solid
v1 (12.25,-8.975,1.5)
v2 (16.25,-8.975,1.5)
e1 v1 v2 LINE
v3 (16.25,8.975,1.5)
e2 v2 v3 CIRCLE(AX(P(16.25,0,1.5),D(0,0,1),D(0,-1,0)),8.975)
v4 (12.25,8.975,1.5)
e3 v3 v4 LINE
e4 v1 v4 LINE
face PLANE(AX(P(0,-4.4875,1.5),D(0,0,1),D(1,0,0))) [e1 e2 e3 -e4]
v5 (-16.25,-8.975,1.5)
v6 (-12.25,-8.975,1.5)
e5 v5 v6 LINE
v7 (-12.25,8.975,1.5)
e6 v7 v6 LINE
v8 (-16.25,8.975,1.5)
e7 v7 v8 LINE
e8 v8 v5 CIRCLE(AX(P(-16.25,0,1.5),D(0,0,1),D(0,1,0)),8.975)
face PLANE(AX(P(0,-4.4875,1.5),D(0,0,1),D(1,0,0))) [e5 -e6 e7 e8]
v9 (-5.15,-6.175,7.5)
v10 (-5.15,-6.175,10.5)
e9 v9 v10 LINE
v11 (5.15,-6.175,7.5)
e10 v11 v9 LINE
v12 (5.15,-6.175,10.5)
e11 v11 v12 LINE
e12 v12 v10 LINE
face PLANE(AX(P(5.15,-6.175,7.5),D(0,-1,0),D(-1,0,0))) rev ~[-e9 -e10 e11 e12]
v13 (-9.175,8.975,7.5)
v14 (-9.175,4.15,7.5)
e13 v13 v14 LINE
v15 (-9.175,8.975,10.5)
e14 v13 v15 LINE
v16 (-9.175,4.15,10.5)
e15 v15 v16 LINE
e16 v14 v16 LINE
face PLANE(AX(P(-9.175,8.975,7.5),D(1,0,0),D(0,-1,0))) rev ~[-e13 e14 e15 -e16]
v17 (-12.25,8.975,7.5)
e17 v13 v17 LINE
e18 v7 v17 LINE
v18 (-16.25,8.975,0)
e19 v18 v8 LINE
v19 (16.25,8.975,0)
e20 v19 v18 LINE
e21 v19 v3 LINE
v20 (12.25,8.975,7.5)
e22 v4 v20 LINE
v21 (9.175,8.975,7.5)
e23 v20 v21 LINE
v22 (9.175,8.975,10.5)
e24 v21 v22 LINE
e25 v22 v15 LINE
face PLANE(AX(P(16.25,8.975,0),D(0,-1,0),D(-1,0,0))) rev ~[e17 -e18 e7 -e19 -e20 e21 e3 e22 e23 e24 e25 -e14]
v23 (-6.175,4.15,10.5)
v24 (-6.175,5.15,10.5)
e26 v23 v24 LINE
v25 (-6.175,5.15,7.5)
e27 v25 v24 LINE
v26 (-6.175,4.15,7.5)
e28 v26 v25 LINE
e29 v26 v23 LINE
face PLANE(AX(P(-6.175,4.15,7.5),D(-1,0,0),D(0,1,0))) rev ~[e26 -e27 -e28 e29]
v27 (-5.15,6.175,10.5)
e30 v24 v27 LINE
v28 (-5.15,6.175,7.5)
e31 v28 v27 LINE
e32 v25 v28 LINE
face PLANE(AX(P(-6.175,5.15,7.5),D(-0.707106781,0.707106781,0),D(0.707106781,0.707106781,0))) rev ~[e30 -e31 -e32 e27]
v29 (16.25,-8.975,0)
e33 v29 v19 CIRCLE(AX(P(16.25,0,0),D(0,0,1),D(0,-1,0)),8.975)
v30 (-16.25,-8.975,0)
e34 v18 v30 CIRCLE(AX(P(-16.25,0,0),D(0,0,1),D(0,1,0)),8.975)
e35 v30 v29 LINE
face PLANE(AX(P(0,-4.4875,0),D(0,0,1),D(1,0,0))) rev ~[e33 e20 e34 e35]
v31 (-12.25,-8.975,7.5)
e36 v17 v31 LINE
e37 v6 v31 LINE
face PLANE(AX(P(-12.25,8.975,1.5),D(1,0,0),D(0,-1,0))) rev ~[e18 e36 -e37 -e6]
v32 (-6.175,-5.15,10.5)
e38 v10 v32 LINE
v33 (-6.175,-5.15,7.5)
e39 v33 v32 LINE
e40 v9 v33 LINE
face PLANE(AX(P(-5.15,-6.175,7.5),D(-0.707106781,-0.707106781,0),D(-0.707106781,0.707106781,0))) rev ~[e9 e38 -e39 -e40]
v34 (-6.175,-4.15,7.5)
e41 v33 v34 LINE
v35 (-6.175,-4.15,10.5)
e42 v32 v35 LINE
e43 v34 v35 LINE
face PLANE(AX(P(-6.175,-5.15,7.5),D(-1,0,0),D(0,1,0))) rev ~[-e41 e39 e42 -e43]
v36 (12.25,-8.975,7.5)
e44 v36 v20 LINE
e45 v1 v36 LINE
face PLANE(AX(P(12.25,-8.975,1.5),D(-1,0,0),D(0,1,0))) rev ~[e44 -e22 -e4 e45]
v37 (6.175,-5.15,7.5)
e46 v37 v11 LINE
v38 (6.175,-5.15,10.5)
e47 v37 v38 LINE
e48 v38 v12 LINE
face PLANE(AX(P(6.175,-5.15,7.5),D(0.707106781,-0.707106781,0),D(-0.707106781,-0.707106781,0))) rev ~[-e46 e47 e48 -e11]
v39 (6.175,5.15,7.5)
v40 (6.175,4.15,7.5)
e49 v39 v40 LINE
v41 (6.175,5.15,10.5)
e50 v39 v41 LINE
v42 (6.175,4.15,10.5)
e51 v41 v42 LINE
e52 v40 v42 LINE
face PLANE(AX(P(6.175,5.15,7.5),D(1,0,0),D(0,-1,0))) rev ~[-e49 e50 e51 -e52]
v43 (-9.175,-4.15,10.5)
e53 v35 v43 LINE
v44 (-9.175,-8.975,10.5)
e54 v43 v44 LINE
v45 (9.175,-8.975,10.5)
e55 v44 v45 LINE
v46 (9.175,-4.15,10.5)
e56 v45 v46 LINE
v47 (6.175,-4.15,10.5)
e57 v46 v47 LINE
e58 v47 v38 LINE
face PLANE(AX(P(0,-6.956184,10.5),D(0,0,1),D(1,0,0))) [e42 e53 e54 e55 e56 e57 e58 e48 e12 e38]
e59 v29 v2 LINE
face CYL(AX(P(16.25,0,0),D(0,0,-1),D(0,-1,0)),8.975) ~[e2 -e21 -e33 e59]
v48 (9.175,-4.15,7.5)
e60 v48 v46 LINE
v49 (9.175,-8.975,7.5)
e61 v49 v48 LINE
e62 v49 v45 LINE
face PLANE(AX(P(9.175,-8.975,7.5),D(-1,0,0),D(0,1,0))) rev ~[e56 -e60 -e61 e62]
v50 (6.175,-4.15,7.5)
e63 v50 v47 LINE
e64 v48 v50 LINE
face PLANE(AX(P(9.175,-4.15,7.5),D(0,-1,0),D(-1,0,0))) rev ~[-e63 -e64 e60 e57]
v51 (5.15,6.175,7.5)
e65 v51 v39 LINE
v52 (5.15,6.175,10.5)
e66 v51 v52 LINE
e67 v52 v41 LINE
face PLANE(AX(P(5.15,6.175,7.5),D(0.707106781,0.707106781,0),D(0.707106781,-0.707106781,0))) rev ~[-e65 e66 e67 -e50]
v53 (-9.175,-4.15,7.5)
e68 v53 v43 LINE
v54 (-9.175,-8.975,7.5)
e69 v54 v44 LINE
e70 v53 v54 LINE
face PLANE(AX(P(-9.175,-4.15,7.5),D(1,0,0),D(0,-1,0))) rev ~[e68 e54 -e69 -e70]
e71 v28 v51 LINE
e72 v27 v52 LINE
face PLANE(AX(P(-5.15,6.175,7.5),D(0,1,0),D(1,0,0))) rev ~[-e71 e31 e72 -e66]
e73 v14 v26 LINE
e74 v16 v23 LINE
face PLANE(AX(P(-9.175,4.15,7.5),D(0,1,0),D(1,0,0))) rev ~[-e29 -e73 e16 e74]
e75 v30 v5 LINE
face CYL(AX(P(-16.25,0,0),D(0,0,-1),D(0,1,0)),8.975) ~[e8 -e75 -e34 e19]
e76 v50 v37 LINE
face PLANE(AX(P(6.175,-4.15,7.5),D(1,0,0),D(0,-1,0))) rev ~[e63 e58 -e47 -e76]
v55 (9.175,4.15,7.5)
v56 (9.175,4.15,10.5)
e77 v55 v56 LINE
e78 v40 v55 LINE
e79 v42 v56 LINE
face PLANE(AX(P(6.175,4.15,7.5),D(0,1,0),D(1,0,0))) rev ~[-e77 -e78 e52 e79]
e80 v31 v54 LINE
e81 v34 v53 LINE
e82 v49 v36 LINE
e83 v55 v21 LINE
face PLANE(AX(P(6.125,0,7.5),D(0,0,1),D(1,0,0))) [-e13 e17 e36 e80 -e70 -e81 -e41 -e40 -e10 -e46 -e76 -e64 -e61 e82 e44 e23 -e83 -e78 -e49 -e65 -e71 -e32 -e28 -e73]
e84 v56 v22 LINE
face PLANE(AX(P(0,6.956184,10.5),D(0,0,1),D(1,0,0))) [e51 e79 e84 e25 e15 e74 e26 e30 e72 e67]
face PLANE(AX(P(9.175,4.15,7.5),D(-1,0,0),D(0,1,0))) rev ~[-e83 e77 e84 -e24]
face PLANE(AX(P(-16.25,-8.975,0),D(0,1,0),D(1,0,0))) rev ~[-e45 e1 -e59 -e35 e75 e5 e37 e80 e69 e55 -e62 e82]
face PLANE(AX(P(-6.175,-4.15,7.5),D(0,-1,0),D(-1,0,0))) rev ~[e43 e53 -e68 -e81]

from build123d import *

# Parameters (mm, degrees)
F1_DEPTH = 1.5
F3_DEPTH = 6
F5_DEPTH = 3


with BuildPart() as f1:
    # F0 (on Top) → F1 (new body)
    with BuildSketch(Plane.XY):
        Polygon((16.25, 0), (0, 0), (-16.25, 0), (-16.25, -8.975), (16.25, -8.975), align=None)
        Polygon((-16.25, 0), (0, 0), (16.25, 0), (16.25, 8.975), (-16.25, 8.975), align=None)
        with BuildLine():
            Line((-16.25, -8.975), (-16.25, 0))
            Line((-16.25, 0), (-16.25, 8.975))
            ThreePointArc((-16.25, 8.975), (-25.225, 0), (-16.25, -8.975))
        make_face()
        with BuildLine():
            Line((16.25, 8.975), (16.25, 0))
            Line((16.25, 0), (16.25, -8.975))
            ThreePointArc((16.25, -8.975), (25.225, 0), (16.25, 8.975))
        make_face()
    extrude(amount=F1_DEPTH)

    # F2 (on face) → F3 (join)
    with BuildSketch(Plane.XY.offset(1.5)):
        Polygon((0, 8.975), (0, -0.99409), (0, -8.975), (12.25, -8.975), (12.25, 8.975), align=None)
        Polygon((0, -8.975), (0, -0.99409), (0, 8.975), (-12.25, 8.975), (-12.25, -8.975), align=None)
    extrude(amount=F3_DEPTH)

    # F4 (on face) → F5 (join)
    with BuildSketch(Plane.XY.offset(7.5)):
        Polygon((5.15, -6.175), (0, -6.175), (-5.15, -6.175), (-6.175, -5.15), (-6.175, -4.15), (-9.175, -4.15), (-9.175, -8.975), (9.175, -8.975), (9.175, -4.15), (6.175, -4.15), (6.175, -5.15), align=None)
        Polygon((-5.15, 6.175), (0, 6.175), (5.15, 6.175), (6.175, 5.15), (6.175, 4.15), (9.175, 4.15), (9.175, 8.975), (-9.175, 8.975), (-9.175, 4.15), (-6.175, 4.15), (-6.175, 5.15), align=None)
    extrude(amount=F5_DEPTH)


solid = f1.part
